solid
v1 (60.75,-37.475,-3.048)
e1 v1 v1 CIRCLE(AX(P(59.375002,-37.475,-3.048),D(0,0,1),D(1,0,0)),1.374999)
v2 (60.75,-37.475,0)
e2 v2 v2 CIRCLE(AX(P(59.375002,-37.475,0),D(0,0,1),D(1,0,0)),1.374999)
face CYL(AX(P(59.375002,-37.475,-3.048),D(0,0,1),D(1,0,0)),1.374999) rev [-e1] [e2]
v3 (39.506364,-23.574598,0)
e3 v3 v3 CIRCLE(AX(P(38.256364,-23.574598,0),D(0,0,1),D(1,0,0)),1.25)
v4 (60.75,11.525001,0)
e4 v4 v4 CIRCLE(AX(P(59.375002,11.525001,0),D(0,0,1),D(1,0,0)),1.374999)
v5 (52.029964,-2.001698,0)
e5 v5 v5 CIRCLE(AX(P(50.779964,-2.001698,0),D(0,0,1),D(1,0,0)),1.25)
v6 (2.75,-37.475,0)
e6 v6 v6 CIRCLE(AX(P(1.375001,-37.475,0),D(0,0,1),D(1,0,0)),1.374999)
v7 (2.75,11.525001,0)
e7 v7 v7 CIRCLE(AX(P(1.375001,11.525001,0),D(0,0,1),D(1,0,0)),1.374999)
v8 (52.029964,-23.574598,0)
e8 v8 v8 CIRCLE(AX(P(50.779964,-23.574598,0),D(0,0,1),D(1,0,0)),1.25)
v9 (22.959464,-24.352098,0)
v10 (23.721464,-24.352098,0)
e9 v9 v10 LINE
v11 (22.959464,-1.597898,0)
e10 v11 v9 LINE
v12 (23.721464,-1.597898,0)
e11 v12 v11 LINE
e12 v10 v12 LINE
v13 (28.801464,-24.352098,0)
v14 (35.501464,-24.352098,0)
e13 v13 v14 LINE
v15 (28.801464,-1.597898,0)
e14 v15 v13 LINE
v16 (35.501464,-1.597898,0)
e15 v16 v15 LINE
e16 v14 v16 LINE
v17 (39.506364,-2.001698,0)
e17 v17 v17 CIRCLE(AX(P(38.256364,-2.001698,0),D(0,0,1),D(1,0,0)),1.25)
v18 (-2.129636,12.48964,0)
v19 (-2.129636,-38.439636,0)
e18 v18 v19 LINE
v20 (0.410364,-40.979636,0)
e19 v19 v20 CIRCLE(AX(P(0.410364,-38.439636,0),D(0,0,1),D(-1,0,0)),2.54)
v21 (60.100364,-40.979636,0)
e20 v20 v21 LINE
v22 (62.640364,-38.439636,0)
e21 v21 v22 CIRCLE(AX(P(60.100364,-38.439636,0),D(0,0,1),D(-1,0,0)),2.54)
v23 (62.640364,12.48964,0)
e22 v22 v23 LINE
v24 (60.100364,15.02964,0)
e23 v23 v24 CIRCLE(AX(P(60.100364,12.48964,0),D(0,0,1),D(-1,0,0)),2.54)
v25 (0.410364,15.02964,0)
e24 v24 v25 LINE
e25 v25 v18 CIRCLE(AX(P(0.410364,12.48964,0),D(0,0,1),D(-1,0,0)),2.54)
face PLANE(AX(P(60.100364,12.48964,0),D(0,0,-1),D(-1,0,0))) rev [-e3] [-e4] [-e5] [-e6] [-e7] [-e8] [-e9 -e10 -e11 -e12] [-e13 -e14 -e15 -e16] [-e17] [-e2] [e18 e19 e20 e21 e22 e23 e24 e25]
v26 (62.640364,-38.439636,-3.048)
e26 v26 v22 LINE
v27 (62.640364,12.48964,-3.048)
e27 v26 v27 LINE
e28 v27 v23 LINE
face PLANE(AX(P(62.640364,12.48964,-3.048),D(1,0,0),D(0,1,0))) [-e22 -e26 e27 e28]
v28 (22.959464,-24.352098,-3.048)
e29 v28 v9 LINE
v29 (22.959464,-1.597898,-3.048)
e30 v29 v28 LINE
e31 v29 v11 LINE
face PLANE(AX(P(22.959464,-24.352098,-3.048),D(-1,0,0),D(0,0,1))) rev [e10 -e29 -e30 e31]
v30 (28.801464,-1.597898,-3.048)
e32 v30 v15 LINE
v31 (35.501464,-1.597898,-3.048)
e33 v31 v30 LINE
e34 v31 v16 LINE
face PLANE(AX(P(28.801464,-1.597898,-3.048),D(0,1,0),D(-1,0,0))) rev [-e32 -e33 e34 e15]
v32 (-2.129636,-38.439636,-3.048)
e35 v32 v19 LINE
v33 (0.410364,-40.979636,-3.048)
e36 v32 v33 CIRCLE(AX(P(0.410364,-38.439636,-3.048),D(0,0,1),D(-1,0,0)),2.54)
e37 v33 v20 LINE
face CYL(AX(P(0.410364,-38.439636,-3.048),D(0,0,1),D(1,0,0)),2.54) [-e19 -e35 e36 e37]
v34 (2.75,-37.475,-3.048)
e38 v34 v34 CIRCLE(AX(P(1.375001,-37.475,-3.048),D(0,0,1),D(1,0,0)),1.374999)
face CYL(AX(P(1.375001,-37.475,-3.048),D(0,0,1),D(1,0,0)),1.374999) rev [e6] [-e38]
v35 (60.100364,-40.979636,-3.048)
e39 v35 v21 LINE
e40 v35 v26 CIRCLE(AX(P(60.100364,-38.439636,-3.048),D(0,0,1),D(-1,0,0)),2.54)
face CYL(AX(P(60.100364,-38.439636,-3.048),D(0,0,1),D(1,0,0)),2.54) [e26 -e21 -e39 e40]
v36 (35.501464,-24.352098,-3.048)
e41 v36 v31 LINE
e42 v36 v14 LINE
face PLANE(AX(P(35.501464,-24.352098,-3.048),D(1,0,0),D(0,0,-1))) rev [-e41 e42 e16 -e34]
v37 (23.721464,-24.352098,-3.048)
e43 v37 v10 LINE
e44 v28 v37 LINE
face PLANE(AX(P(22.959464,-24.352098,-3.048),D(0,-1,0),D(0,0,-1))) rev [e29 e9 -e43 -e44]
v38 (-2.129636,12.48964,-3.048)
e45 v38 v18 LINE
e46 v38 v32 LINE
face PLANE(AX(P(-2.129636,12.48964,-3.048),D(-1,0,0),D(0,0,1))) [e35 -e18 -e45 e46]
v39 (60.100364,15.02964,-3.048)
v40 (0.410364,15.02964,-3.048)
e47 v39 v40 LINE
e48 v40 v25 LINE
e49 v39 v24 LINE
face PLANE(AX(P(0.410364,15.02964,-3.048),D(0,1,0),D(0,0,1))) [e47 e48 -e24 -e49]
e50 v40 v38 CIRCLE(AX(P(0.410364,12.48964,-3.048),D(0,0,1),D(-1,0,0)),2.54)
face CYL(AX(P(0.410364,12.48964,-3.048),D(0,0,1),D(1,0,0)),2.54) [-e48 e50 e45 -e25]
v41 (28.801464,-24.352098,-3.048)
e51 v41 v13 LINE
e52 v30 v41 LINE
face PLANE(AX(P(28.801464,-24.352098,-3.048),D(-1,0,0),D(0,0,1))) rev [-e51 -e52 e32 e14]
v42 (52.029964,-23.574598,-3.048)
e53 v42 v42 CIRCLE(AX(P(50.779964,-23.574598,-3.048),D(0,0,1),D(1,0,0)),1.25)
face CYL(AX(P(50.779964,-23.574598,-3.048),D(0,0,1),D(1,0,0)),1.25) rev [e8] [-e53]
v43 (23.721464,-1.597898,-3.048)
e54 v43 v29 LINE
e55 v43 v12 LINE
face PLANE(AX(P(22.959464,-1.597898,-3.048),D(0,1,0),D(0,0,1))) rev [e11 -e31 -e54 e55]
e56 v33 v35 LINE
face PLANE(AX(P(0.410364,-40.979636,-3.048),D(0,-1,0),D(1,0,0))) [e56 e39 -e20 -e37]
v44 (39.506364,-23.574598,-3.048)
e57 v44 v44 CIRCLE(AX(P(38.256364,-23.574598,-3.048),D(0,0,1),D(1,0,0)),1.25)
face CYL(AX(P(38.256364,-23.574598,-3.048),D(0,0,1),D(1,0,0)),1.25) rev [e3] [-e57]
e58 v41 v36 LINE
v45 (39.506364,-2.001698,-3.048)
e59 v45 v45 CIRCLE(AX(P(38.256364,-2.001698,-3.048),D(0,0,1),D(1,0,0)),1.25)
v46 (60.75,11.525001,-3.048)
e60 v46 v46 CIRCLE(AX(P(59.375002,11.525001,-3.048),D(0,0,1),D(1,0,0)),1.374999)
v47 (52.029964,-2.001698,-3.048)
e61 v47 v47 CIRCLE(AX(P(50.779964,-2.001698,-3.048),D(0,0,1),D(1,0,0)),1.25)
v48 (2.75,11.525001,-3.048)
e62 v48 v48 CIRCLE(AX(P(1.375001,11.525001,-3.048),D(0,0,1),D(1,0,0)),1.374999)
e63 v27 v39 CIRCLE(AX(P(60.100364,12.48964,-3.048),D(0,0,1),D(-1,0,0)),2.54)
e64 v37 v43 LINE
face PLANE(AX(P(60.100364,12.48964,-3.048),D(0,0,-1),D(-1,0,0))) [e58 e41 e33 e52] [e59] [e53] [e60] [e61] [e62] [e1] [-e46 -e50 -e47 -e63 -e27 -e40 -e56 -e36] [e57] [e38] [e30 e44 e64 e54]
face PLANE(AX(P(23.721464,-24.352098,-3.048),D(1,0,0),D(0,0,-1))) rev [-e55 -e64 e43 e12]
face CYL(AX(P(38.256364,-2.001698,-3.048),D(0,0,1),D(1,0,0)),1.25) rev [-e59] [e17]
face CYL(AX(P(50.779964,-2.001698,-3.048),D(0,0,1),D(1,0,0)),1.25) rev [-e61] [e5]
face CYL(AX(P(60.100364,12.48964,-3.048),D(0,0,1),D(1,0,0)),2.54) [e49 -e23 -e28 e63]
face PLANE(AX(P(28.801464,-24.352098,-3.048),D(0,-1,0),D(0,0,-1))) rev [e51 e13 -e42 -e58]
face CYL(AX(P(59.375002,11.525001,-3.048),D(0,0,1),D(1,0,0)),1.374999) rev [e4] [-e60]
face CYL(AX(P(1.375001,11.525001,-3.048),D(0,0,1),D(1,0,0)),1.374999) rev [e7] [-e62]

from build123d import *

# Parameters (mm, degrees)
SKETCH1_R           = 1.37499852
BOSS_EXTRUDE1_DEPTH = 3.048
SKETCH2_R           = 1.25
SKETCH2_W           = 6.7
SKETCH2_H           = 22.7542
SKETCH2_W_2         = 0.762
CUT_EXTRUDE1_DEPTH  = 4.048


with BuildPart() as part:
    # Sketch1 → Boss-Extrude1 (new body)
    with BuildSketch(Plane.XY):
        with BuildLine():
            Line((0.41036367, 15.02963974), (60.10036367, 15.02963974))
            ThreePointArc((60.10036367, 15.02963974), (61.896414894, 14.285690964), (62.64036367, 12.48963974))
            Line((62.64036367, 12.48963974), (62.64036367, -38.4396361))
            ThreePointArc((62.64036367, -38.4396361), (61.896414894, -40.235687324), (60.10036367, -40.9796361))
            Line((60.10036367, -40.9796361), (0.41036367, -40.9796361))
            ThreePointArc((0.41036367, -40.9796361), (-1.385687554, -40.235687324), (-2.12963633, -38.4396361))
            Line((-2.12963633, -38.4396361), (-2.12963633, 12.48963974))
            ThreePointArc((-2.12963633, 12.48963974), (-1.385687554, 14.285690964), (0.41036367, 15.02963974))
        make_face()
        with Locations((1.37500106, 11.52500108)):
            Circle(SKETCH1_R, mode=Mode.SUBTRACT)
        with Locations((59.3750019, 11.52500108)):
            Circle(SKETCH1_R, mode=Mode.SUBTRACT)
        with Locations((59.3750019, -37.47499998)):
            Circle(SKETCH1_R, mode=Mode.SUBTRACT)
        with Locations((1.37500106, -37.47499998)):
            Circle(SKETCH1_R, mode=Mode.SUBTRACT)
    extrude(amount=-BOSS_EXTRUDE1_DEPTH)

    # Sketch2 → Cut-Extrude1 (cut, through all)
    with BuildSketch(Plane.XY):
        with Locations((38.25636367, -2.00169818)):
            Circle(SKETCH2_R)
        with Locations((50.77996367, -2.00169818)):
            Circle(SKETCH2_R)
        with Locations((50.77996367, -23.57459818)):
            Circle(SKETCH2_R)
        with Locations((38.25636367, -23.57459818)):
            Circle(SKETCH2_R)
        with Locations((32.15146367, -12.97499818)):
            Rectangle(SKETCH2_W, SKETCH2_H)
        with Locations((23.34046367, -12.97499818)):
            Rectangle(SKETCH2_W_2, SKETCH2_H)
    extrude(amount=-CUT_EXTRUDE1_DEPTH, mode=Mode.SUBTRACT)


solid = part.part
